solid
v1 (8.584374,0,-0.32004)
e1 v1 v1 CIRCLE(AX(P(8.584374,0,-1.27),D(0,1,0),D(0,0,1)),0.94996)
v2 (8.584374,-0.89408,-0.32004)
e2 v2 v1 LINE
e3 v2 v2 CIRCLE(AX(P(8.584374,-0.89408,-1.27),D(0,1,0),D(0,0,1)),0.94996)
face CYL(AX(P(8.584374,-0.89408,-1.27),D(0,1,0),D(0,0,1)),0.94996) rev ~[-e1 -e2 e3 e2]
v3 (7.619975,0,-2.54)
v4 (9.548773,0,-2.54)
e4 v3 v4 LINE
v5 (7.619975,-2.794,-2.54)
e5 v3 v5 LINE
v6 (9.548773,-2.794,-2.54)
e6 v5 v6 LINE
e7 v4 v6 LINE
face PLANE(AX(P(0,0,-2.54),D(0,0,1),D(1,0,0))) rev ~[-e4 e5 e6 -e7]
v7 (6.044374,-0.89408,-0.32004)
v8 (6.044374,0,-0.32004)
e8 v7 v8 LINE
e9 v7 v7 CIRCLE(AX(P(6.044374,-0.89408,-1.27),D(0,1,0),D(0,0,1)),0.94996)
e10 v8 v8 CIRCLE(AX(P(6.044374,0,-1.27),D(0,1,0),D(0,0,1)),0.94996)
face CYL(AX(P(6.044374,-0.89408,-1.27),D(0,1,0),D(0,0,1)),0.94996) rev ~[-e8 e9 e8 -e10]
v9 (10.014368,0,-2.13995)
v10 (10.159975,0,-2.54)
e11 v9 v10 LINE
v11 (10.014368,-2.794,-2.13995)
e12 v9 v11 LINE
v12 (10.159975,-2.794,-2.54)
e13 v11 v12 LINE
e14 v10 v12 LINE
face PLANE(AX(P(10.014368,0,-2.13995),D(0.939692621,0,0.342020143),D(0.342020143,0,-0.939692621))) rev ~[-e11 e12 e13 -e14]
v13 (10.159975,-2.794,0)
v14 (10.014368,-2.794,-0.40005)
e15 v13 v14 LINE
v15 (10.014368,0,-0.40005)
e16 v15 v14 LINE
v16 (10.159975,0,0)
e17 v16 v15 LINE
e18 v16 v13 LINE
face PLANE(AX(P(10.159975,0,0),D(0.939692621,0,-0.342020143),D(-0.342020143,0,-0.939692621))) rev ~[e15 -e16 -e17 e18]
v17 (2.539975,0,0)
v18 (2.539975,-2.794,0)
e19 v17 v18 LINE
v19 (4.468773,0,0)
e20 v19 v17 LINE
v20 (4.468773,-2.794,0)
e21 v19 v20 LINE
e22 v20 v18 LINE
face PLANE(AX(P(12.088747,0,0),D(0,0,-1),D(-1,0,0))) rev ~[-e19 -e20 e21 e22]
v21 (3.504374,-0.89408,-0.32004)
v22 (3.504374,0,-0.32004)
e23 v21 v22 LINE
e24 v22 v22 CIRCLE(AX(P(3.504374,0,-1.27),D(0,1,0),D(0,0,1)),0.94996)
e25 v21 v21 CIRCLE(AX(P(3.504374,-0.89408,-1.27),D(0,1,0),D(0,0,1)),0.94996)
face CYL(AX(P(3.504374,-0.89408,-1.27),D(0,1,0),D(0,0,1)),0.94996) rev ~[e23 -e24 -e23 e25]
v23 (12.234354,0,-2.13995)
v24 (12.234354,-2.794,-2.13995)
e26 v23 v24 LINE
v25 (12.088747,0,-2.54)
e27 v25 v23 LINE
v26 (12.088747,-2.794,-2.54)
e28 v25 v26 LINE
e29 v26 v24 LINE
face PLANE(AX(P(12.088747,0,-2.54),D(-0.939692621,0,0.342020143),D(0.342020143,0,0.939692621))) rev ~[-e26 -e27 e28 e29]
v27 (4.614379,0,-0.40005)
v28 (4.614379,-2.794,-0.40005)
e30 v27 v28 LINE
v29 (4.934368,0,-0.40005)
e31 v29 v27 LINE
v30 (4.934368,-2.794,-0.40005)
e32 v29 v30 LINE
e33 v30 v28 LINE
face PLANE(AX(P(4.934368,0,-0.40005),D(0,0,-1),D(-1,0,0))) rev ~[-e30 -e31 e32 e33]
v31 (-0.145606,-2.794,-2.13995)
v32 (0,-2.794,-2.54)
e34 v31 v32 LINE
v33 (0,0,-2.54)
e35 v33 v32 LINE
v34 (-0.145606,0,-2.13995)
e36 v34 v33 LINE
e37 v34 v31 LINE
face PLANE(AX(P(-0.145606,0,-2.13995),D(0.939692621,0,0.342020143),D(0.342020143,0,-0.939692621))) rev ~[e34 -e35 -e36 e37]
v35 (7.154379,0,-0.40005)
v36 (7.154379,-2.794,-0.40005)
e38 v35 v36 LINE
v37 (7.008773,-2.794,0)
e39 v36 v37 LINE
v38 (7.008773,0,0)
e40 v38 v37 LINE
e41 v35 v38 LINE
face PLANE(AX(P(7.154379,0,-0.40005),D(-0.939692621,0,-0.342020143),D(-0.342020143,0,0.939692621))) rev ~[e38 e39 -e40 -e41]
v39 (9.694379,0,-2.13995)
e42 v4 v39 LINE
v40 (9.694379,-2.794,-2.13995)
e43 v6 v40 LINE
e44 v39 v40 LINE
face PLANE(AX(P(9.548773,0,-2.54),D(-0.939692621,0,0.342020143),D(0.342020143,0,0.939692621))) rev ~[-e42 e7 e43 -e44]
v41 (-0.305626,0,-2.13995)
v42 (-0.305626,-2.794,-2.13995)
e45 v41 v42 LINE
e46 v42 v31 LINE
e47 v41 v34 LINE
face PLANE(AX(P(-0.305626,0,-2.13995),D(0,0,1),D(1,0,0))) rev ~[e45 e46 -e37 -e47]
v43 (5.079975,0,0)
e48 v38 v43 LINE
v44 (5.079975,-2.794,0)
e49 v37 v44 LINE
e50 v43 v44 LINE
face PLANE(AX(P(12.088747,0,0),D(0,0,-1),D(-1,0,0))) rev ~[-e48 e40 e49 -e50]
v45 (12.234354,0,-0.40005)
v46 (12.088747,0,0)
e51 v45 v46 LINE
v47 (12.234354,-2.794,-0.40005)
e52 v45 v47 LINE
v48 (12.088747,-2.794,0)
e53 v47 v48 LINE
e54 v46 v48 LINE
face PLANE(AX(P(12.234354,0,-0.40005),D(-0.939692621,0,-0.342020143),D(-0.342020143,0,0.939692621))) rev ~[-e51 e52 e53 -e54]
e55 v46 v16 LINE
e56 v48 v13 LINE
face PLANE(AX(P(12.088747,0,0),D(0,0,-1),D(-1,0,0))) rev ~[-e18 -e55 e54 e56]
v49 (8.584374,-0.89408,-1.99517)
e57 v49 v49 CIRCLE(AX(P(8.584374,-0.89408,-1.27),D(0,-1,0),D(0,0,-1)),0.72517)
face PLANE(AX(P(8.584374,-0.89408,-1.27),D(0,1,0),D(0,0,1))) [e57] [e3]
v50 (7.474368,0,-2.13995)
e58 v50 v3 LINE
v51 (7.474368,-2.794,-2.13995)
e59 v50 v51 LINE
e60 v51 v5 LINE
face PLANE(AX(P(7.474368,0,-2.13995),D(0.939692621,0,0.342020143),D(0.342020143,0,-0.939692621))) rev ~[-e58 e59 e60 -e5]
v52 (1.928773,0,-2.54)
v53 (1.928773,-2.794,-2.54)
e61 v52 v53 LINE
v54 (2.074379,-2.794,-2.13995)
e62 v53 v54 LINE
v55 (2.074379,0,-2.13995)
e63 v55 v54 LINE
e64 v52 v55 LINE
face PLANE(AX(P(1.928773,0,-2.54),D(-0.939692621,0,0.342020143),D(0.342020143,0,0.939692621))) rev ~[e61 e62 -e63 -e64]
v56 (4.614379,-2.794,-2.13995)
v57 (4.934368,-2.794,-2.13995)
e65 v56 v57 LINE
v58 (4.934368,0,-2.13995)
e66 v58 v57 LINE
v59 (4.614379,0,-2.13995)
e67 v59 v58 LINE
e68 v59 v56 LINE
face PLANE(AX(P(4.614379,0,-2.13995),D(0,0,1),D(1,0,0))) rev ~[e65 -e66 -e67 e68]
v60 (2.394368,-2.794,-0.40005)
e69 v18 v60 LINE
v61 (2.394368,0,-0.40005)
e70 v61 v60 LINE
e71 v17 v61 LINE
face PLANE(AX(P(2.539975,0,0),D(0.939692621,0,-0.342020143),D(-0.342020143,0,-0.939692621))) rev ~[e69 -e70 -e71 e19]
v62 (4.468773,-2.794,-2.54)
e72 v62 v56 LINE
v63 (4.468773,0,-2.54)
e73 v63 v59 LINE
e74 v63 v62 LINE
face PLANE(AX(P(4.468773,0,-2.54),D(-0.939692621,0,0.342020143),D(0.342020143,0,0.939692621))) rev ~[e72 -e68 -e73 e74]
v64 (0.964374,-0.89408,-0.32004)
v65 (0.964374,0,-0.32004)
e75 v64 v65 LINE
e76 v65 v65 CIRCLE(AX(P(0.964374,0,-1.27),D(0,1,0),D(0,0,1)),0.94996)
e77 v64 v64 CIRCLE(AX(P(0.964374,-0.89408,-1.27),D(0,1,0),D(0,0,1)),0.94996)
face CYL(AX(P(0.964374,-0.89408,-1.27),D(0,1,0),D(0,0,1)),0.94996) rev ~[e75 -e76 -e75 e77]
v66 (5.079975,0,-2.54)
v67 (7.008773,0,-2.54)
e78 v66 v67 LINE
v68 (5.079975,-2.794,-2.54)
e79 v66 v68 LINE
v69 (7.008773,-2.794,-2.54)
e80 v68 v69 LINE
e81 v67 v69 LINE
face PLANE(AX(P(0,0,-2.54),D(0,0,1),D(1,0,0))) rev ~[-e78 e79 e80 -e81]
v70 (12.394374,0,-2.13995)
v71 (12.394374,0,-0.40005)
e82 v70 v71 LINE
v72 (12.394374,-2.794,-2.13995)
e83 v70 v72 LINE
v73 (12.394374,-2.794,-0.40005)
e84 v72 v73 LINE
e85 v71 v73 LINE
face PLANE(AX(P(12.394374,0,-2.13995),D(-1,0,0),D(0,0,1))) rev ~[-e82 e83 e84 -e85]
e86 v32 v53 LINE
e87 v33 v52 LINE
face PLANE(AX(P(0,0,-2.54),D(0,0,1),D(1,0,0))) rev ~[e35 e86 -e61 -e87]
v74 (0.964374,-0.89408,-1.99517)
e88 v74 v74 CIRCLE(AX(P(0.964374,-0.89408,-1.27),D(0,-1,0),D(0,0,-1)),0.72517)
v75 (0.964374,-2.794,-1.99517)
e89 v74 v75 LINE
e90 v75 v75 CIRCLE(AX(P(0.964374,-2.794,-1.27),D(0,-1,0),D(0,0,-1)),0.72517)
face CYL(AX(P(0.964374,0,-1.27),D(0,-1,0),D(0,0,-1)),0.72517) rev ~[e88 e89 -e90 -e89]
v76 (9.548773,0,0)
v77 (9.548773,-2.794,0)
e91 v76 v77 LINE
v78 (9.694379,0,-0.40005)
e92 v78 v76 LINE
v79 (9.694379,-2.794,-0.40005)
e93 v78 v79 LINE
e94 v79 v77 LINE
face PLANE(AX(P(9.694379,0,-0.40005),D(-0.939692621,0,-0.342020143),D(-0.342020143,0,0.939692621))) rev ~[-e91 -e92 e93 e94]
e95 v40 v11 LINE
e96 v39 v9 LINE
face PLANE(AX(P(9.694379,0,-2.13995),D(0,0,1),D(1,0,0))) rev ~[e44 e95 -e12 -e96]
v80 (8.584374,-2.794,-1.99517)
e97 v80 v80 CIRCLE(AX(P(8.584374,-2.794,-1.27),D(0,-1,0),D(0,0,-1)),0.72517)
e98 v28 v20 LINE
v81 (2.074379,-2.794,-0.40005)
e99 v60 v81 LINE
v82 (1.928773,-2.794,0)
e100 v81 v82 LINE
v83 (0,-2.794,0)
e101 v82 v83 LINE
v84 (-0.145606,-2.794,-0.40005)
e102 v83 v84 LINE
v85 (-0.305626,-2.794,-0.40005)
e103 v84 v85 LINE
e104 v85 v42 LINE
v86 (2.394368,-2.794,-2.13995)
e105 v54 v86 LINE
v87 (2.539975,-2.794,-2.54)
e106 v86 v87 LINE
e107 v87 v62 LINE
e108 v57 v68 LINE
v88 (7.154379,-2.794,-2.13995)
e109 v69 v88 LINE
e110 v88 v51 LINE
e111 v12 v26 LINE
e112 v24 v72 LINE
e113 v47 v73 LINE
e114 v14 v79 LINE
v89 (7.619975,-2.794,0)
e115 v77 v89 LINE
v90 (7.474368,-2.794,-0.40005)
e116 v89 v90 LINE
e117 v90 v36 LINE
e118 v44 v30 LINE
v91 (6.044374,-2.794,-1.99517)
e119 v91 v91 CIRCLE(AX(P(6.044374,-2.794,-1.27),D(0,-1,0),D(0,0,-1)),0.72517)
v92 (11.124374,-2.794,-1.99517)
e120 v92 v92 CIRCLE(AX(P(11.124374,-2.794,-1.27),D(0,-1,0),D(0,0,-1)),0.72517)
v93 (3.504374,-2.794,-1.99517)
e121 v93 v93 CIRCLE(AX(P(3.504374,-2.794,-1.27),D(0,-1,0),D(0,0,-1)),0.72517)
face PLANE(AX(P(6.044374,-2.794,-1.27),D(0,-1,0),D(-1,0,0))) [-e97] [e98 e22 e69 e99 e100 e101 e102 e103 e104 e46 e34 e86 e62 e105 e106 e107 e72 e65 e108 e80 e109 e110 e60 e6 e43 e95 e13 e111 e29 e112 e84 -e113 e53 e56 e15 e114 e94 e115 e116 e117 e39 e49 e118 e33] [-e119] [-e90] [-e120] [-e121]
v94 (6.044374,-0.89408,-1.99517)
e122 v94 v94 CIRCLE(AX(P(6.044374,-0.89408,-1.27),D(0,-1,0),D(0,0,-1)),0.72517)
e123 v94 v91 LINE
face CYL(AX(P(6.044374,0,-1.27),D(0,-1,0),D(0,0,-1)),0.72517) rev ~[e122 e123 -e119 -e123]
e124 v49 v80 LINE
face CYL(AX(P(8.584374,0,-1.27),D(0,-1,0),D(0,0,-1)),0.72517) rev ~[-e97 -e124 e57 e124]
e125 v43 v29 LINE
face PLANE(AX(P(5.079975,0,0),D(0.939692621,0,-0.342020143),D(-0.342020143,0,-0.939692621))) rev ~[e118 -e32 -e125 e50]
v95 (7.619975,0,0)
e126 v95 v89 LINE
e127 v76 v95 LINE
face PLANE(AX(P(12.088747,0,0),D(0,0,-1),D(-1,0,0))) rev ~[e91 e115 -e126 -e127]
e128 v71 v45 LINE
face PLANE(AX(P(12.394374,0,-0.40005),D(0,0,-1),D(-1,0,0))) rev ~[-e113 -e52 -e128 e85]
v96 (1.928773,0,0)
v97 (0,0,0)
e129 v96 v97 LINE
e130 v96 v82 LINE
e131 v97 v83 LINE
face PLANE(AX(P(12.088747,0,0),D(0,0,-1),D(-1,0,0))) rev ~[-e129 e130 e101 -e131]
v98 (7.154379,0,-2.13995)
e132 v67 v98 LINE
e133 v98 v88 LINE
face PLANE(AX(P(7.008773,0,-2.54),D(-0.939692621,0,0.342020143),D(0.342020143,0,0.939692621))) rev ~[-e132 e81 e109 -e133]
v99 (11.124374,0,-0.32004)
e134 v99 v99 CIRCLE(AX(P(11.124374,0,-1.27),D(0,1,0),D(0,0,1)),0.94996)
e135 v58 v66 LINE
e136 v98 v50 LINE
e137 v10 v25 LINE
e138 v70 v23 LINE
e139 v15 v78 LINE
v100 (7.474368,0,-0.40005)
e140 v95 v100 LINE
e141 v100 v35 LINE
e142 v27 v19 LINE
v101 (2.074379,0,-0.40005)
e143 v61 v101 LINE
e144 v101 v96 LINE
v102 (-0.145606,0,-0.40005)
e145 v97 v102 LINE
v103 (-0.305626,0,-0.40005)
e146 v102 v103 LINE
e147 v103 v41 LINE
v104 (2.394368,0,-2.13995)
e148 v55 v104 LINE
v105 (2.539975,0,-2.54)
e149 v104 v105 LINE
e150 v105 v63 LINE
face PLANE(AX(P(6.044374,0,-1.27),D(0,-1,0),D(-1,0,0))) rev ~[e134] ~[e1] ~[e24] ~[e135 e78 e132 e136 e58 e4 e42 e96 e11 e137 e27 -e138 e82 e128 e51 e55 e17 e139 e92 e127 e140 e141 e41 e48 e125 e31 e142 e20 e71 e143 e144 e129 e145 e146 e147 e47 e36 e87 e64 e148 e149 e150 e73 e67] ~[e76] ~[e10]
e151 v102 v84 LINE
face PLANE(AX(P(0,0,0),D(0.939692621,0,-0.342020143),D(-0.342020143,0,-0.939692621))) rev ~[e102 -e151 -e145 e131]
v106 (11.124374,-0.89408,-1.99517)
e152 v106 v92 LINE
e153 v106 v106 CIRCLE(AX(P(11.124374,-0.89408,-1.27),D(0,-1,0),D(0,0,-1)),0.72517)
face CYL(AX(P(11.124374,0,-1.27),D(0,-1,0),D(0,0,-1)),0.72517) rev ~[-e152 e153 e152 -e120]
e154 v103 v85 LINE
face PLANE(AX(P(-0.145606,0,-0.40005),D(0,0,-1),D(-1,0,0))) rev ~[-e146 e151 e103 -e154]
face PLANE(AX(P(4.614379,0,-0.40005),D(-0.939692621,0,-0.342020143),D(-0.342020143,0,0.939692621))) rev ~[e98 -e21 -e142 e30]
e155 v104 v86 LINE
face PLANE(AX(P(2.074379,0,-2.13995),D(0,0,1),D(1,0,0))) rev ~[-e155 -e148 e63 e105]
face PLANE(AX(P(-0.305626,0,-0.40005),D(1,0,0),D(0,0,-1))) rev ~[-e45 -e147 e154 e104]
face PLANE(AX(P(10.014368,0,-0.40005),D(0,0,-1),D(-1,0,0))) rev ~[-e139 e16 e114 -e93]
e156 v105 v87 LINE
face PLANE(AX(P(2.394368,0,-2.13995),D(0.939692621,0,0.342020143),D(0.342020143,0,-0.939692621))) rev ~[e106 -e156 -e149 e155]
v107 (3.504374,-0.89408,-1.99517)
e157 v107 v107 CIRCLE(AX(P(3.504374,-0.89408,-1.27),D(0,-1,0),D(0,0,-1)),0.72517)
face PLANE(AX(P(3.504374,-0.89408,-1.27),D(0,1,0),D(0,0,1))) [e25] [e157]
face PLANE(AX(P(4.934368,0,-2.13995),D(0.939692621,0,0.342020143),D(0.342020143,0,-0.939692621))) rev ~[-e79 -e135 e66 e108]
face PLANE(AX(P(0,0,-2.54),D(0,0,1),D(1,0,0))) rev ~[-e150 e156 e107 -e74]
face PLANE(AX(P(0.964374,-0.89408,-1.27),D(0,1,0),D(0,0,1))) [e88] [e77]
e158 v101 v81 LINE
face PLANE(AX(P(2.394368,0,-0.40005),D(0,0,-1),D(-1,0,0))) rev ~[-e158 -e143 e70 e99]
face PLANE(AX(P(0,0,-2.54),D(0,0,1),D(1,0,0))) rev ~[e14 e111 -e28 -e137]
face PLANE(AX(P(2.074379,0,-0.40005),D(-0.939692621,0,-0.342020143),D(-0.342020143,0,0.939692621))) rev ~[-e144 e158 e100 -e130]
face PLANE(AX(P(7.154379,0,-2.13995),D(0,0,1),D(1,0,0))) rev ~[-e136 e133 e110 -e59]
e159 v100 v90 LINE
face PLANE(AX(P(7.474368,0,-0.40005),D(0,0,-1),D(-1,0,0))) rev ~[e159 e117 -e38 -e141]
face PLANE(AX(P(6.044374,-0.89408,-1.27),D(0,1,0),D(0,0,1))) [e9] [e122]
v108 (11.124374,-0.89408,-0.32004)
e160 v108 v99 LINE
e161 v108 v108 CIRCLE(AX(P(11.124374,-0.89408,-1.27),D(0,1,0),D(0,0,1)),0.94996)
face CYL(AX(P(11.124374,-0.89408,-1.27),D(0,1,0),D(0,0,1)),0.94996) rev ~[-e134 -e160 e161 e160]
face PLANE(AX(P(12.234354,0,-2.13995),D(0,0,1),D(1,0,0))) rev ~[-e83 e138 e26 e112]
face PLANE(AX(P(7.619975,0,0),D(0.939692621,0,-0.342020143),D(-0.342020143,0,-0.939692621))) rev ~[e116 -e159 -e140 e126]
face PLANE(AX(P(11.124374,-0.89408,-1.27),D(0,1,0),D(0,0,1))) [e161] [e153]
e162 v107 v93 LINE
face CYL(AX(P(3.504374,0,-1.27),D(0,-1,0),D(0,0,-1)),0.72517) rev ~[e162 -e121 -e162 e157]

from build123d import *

# Parameters (mm, degrees)
EXTRUDE1_DEPTH    = 2.794
HOLE1_D           = 1.45034
HOLE1_CBORE_D     = 1.89992
HOLE1_CBORE_DEPTH = 0.89408
EXTRUDE2_DEPTH    = 2.794
LPATTERN1_COUNT   = 5
LPATTERN1_PITCH   = 2.54
LPATTERN2_COUNT   = 63
LPATTERN2_PITCH   = 2.54


with BuildPart() as part:
    # Sketch1 → Extrude1 (new body)
    with BuildSketch(Plane(origin=(0, 0, 0), x_dir=(1, 0, 0), z_dir=(0, 1, 0))):
        Polygon((12.394373708, 0.40005), (12.234353708, 0.40005), (12.088747416, 0), (0, 0), (-0.145606292, 0.40005), (-0.305626292, 0.40005), (-0.305626292, 2.13995), (-0.145606292, 2.13995), (0, 2.54), (12.088747416, 2.54), (12.234353708, 2.13995), (12.394373708, 2.13995), align=None)
    extrude(amount=-EXTRUDE1_DEPTH)

    # Hole1 (through all)
    with Locations(Plane(origin=(0.964373708, 0, -1.27), x_dir=(0, 0, 1), z_dir=(0, 1, 0))):
        with Locations((0, 0)):
            hole1 = CounterBoreHole(HOLE1_D / 2, HOLE1_CBORE_D / 2, HOLE1_CBORE_DEPTH)

    # Sketch4 → Extrude2 (cut)
    with BuildSketch(Plane(origin=(0, 0, 0), x_dir=(1, 0, 0), z_dir=(0, 1, 0))):
        Polygon((1.928772816, 0), (2.5399746, 0), (2.394368308, 0.40005), (2.074379108, 0.40005), align=None)
        Polygon((2.074379108, 2.13995), (2.394368308, 2.13995), (2.5399746, 2.54), (1.928772816, 2.54), align=None)
    extrude2 = extrude(amount=-EXTRUDE2_DEPTH, mode=Mode.SUBTRACT)

    # LPattern1: Hole1 ×5
    with Locations(*[(i * LPATTERN1_PITCH, 0, 0) for i in range(1, LPATTERN1_COUNT)]):
        add(hole1, mode=Mode.SUBTRACT)

    # LPattern2: Extrude2 ×63
    with Locations(*[(i * LPATTERN2_PITCH, 0, 0) for i in range(1, LPATTERN2_COUNT)]):
        add(extrude2, mode=Mode.SUBTRACT)


solid = part.part
